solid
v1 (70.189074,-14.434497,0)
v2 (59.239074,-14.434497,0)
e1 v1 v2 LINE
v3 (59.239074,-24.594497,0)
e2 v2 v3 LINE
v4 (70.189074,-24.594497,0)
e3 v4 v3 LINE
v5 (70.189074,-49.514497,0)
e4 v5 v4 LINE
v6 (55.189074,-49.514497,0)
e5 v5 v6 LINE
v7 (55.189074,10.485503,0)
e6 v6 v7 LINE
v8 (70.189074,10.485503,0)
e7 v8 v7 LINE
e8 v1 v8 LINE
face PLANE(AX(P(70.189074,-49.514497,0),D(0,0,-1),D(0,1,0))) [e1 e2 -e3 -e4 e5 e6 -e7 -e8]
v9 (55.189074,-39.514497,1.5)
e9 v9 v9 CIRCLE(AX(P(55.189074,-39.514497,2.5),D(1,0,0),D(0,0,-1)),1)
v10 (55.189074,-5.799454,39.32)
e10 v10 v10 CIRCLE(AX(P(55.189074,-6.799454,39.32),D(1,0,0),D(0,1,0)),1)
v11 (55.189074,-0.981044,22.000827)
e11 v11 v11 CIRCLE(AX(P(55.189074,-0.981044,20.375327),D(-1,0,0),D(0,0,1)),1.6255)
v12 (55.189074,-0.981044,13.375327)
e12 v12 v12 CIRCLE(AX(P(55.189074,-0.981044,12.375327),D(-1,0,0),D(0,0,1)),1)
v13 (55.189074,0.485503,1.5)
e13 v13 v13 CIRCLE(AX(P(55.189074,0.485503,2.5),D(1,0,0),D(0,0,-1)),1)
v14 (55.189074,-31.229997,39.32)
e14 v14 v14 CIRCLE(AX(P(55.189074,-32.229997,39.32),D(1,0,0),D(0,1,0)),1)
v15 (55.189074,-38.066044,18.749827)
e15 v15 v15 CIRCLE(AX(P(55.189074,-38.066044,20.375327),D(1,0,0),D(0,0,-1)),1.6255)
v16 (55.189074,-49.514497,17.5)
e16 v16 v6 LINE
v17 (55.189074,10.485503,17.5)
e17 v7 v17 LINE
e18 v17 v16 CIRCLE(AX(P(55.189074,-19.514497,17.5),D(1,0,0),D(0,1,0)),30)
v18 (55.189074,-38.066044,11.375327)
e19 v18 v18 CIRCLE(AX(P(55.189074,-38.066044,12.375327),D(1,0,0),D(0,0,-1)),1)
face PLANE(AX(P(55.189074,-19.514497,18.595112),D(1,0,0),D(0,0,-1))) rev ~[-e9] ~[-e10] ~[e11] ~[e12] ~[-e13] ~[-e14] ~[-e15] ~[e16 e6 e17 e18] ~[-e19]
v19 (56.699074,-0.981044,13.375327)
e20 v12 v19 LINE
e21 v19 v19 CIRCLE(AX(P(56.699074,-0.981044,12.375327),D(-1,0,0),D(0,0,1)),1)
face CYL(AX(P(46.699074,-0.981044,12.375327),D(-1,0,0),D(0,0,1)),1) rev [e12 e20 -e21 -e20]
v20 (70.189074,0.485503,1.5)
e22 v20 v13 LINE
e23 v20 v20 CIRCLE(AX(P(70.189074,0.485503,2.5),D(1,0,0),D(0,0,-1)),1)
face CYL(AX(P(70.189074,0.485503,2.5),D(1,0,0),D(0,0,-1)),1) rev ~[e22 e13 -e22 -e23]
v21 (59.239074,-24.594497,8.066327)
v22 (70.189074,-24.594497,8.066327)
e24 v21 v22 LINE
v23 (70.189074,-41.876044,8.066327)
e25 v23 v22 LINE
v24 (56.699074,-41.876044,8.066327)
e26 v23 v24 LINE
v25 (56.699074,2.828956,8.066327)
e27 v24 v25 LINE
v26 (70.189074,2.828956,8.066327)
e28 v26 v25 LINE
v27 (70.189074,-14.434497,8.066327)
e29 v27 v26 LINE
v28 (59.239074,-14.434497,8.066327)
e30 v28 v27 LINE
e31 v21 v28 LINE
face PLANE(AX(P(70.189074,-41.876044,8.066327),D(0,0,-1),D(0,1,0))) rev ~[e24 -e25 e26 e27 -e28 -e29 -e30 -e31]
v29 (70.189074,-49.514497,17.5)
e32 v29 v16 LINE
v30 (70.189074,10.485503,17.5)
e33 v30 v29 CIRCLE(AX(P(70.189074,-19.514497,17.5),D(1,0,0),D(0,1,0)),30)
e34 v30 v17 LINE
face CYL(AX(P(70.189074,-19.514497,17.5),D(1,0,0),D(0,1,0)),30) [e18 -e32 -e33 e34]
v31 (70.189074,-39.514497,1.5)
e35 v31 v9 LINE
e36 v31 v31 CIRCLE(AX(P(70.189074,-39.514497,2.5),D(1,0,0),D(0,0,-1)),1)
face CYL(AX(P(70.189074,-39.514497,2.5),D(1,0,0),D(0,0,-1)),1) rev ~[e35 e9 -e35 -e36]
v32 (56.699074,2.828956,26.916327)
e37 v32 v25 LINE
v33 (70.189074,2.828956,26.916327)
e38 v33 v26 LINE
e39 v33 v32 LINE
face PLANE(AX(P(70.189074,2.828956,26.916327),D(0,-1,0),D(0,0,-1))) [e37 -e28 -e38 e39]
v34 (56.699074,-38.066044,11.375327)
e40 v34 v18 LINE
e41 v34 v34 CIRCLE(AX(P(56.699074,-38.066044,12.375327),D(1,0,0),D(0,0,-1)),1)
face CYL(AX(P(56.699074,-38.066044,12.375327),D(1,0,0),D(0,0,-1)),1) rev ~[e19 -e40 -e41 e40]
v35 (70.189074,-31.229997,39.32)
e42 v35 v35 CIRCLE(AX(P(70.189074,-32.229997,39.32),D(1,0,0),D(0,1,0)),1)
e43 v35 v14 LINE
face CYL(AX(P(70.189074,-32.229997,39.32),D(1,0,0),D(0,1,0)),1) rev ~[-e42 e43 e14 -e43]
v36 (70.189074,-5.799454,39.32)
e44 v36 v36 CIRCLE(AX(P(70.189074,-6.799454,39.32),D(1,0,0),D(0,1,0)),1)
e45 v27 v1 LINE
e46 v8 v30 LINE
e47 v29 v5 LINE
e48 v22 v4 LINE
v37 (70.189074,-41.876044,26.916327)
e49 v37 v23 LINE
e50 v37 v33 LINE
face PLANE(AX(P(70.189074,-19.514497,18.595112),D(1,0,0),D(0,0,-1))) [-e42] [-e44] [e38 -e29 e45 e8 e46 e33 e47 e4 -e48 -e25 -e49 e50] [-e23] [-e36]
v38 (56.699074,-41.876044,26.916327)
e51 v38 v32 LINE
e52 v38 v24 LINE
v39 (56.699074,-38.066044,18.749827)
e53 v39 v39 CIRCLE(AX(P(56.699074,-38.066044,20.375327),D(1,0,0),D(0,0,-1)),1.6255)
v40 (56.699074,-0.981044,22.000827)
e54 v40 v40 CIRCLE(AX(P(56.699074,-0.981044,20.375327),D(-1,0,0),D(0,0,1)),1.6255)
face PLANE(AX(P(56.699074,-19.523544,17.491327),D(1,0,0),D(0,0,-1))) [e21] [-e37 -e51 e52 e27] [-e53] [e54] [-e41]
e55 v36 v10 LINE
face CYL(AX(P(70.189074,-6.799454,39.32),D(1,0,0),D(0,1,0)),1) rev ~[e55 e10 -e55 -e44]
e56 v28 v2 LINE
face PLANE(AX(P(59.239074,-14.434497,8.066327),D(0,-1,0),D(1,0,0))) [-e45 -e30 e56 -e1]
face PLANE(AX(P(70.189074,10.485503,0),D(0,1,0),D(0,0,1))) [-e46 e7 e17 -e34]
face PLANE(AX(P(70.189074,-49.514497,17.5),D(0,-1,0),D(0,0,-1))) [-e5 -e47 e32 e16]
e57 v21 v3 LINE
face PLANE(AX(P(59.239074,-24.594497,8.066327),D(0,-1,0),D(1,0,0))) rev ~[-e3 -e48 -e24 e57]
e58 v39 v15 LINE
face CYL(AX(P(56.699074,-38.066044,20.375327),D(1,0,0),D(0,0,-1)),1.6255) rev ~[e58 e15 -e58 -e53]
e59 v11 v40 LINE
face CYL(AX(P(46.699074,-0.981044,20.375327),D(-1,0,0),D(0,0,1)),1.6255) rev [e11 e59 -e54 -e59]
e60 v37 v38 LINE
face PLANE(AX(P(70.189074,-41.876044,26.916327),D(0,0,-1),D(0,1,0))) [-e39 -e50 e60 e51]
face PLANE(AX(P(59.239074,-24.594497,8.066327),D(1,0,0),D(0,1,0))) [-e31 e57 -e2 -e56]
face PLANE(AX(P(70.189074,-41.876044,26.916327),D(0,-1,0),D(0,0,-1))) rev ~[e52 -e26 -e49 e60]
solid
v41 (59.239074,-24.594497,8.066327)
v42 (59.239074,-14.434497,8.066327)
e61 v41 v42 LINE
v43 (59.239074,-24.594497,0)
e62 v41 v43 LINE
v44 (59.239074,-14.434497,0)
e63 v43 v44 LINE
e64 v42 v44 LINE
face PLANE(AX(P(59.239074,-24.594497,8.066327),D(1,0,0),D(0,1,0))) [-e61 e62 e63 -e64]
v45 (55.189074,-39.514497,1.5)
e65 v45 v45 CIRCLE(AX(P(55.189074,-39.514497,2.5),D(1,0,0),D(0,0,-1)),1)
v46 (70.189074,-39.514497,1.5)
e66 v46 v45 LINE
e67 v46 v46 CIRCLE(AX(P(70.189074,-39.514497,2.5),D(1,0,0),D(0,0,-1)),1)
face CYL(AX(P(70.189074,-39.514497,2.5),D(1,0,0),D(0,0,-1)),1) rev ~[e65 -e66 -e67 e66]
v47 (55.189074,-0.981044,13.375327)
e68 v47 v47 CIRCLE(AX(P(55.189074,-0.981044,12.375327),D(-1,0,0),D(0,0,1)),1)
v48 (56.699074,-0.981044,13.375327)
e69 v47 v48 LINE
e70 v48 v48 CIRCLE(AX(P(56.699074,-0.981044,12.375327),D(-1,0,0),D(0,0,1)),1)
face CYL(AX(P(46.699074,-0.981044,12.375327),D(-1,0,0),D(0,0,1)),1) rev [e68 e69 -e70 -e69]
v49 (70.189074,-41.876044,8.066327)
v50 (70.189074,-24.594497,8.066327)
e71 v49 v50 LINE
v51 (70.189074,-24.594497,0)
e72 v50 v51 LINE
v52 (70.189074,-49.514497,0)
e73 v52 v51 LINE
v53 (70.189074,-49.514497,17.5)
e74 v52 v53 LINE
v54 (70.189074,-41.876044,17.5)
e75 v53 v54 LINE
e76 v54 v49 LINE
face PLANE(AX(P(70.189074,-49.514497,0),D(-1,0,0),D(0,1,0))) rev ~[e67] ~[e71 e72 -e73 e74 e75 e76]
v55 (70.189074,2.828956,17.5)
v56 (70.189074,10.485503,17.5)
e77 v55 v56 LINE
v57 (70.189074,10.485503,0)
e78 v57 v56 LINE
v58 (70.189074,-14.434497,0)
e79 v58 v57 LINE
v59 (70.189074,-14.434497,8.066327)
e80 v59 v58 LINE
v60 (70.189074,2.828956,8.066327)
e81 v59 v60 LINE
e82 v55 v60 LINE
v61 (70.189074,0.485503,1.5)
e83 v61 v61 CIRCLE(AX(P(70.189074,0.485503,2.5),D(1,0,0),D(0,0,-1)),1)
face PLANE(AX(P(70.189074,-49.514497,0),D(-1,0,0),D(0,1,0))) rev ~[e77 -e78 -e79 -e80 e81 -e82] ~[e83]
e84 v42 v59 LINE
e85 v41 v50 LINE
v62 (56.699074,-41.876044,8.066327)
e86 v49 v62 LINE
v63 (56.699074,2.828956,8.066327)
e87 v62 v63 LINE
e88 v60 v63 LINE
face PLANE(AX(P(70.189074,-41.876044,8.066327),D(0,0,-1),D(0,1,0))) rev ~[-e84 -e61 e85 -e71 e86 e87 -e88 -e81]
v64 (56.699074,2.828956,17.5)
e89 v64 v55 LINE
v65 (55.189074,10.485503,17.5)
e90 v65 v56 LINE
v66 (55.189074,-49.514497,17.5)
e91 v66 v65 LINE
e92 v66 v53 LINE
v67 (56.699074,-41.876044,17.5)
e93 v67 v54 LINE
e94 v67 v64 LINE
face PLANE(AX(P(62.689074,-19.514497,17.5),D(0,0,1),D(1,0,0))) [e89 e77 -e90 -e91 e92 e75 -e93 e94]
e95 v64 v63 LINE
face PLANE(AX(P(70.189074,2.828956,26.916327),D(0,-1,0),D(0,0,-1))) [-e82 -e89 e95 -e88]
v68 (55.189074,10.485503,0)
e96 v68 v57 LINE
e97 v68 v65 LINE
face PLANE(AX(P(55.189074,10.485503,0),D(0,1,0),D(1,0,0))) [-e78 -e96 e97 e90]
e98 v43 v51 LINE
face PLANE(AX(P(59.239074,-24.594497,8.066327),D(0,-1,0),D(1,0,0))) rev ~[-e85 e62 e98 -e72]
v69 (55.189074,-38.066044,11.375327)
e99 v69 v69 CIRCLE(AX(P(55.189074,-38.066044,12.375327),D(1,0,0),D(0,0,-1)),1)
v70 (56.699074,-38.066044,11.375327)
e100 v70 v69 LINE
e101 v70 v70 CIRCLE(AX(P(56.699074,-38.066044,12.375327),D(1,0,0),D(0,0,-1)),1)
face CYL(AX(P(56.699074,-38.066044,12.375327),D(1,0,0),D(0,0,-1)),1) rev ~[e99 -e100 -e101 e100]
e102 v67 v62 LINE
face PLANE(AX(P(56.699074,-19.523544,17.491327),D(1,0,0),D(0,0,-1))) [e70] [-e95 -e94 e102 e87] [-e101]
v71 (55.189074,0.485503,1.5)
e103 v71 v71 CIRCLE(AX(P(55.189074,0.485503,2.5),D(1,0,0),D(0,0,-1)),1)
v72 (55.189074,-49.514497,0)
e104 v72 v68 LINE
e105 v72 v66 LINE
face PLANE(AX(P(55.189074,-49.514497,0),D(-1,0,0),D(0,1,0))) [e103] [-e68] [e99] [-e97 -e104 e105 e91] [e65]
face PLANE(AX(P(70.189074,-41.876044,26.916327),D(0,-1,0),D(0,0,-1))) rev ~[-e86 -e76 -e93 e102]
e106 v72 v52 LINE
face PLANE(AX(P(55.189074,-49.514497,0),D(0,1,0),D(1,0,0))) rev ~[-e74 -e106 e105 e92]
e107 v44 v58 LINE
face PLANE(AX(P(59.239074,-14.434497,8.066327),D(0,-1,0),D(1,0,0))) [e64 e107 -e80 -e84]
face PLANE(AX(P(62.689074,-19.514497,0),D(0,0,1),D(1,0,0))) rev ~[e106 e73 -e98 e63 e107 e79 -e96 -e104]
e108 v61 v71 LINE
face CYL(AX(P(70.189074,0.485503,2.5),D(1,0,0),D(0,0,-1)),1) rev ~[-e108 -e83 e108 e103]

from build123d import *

# Parameters (mm, degrees)
RESSALTO_EXTRUS_O9_DEPTH      = 12.5
RESSALTO_EXTRUS_O9_DEPTH_BACK = 5
ESBO_O34_W                    = 15
ESBO_O34_H                    = 60
RESSALTO_EXTRUS_O10_DEPTH     = 15
ESBO_O36_R                    = 1
CORTE_EXTRUS_O18_DEPTH        = 20
ESBO_O39_W                    = 18.85
ESBO_O39_H                    = 44.705
CORTE_EXTRUS_O20_DEPTH        = 13.49
ESBO_O43_W                    = 10.95
ESBO_O43_H                    = 10.16
CORTE_EXTRUS_O23_DEPTH        = 10
CORTE_EXTRUS_O33_DEPTH        = 20
CORTE_EXTRUS_O33_DEPTH_BACK   = 10
ESBO_O41_R                    = 1.6255
ESBO_O41_R_2                  = 1
ESBO_O42_R                    = 1.6255
ESBO_O42_R_2                  = 1
CORTE_EXTRUS_O34_DEPTH        = 20
ESBO_O62_R                    = 1
CORTE_EXTRUS_O35_DEPTH        = 20


with BuildPart() as part:
    # Esboço34 → Ressalto-extrusão9 (new, two sides: drawn at the far end of the back side and taken through both)
    with BuildSketch(Plane.XY.offset(5).offset(-RESSALTO_EXTRUS_O9_DEPTH_BACK)):
        with Locations((62.689074272, -19.514497041)):
            Rectangle(ESBO_O34_W, ESBO_O34_H)
    extrude(amount=RESSALTO_EXTRUS_O9_DEPTH + RESSALTO_EXTRUS_O9_DEPTH_BACK)


with BuildPart() as body_2:
    # Esboço35 → Ressalto-extrusão10 (new body)
    with BuildSketch(Plane(origin=(70.189074272, 0, 0), x_dir=(0, 0, -1), z_dir=(1, 0, 0))):
        with BuildLine():
            Line((0, 10.485502959), (-17.5, 10.485502959))
            ThreePointArc((-17.5, 10.485502959), (-47.5, -19.514497041), (-17.5, -49.514497041))
            Line((-17.5, -49.514497041), (0, -49.514497041))
            Line((0, -49.514497041), (0, 10.485502959))
        make_face()
    extrude(amount=-RESSALTO_EXTRUS_O10_DEPTH)


with BuildPart() as corte_extrus_o18_tool:
    # Esboço36 → Corte-extrusão18 (new body)
    with BuildSketch(Plane(origin=(70.189074272, 0, 0), x_dir=(0, 0, -1), z_dir=(1, 0, 0))):
        with Locations((-2.5, -39.514497041)):
            Circle(ESBO_O36_R)
        with Locations((-2.5, 0.485502959)):
            Circle(ESBO_O36_R)
    extrude(amount=-CORTE_EXTRUS_O18_DEPTH)


with BuildPart() as part_1:
    add(part.part)

    # Corte-extrusão18: cut by corte_extrus_o18_tool
    add(corte_extrus_o18_tool.part, mode=Mode.SUBTRACT)


with BuildPart() as body_2_1:
    add(body_2.part)

    # Corte-extrusão18: cut by corte_extrus_o18_tool
    add(corte_extrus_o18_tool.part, mode=Mode.SUBTRACT)


with BuildPart() as corte_extrus_o20_tool:
    # Esboço39 → Corte-extrusão20 (new body)
    with BuildSketch(Plane(origin=(70.189074272, 0, 0), x_dir=(0, 0, -1), z_dir=(1, 0, 0))):
        with Locations((-17.491326567, -19.523544175)):
            Rectangle(ESBO_O39_W, ESBO_O39_H)
    extrude(amount=-CORTE_EXTRUS_O20_DEPTH)


with BuildPart() as part_2:
    add(part_1.part)

    # Corte-extrusão20: cut by corte_extrus_o20_tool
    add(corte_extrus_o20_tool.part, mode=Mode.SUBTRACT)


with BuildPart() as body_2_2:
    add(body_2_1.part)

    # Corte-extrusão20: cut by corte_extrus_o20_tool
    add(corte_extrus_o20_tool.part, mode=Mode.SUBTRACT)


with BuildPart() as corte_extrus_o23_tool:
    # Esboço43 → Corte-extrusão23 (new body)
    with BuildSketch(Plane.XY.offset(8.066326567)):
        with Locations((64.714074272, -19.514497041)):
            Rectangle(ESBO_O43_W, ESBO_O43_H)
    extrude(amount=-CORTE_EXTRUS_O23_DEPTH)


with BuildPart() as part_3:
    add(part_2.part)

    # Corte-extrusão23: cut by corte_extrus_o23_tool
    add(corte_extrus_o23_tool.part, mode=Mode.SUBTRACT)


with BuildPart() as body_2_3:
    add(body_2_2.part)

    # Corte-extrusão23: cut by corte_extrus_o23_tool
    add(corte_extrus_o23_tool.part, mode=Mode.SUBTRACT)


with BuildPart() as corte_extrus_o33_tool:
    # Esboço41 → Corte-extrusão33 (new, two sides: drawn at the far end of the back side and taken through both)
    with BuildSketch(Plane(origin=(56.699074272, 0, 0), x_dir=(0, 0, -1), z_dir=(1, 0, 0)).offset(-CORTE_EXTRUS_O33_DEPTH_BACK)):
        with Locations(Location((-20.375326567, -0.981044175, 0), (0, 0, 180))):
            Circle(ESBO_O41_R)
        with Locations(Location((-12.375326567, -0.981044175, 0), (0, 0, 180))):
            Circle(ESBO_O41_R_2)
    extrude(amount=CORTE_EXTRUS_O33_DEPTH + CORTE_EXTRUS_O33_DEPTH_BACK)


with BuildPart() as part_4:
    add(part_3.part)

    # Corte-extrusão33: cut by corte_extrus_o33_tool
    add(corte_extrus_o33_tool.part, mode=Mode.SUBTRACT)


with BuildPart() as body_2_4:
    add(body_2_3.part)

    # Corte-extrusão33: cut by corte_extrus_o33_tool
    add(corte_extrus_o33_tool.part, mode=Mode.SUBTRACT)


with BuildPart() as corte_extrus_o34_tool:
    # Esboço42 → Corte-extrusão34 (new body)
    with BuildSketch(Plane(origin=(56.699074272, 0, 0), x_dir=(0, 0, -1), z_dir=(1, 0, 0))):
        with Locations((-20.375326567, -38.066044175)):
            Circle(ESBO_O42_R)
        with Locations((-12.375326567, -38.066044175)):
            Circle(ESBO_O42_R_2)
    extrude(amount=-CORTE_EXTRUS_O34_DEPTH)


with BuildPart() as part_5:
    add(part_4.part)

    # Corte-extrusão34: cut by corte_extrus_o34_tool
    add(corte_extrus_o34_tool.part, mode=Mode.SUBTRACT)


with BuildPart() as body_2_5:
    add(body_2_4.part)

    # Corte-extrusão34: cut by corte_extrus_o34_tool
    add(corte_extrus_o34_tool.part, mode=Mode.SUBTRACT)

    # Esboço62 → Corte-extrusão35 (cut)
    with BuildSketch(Plane(origin=(70.189074272, 0, 0), x_dir=(0, 0, -1), z_dir=(1, 0, 0))):
        with Locations(Location((-39.32, -32.229996518, 0), (0, 0, 90))):
            Circle(ESBO_O62_R)
        with Locations(Location((-39.32, -6.799454191, 0), (0, 0, 90))):
            Circle(ESBO_O62_R)
    extrude(amount=-CORTE_EXTRUS_O35_DEPTH, mode=Mode.SUBTRACT)


solid = Compound([part_5.part, body_2_5.part])
